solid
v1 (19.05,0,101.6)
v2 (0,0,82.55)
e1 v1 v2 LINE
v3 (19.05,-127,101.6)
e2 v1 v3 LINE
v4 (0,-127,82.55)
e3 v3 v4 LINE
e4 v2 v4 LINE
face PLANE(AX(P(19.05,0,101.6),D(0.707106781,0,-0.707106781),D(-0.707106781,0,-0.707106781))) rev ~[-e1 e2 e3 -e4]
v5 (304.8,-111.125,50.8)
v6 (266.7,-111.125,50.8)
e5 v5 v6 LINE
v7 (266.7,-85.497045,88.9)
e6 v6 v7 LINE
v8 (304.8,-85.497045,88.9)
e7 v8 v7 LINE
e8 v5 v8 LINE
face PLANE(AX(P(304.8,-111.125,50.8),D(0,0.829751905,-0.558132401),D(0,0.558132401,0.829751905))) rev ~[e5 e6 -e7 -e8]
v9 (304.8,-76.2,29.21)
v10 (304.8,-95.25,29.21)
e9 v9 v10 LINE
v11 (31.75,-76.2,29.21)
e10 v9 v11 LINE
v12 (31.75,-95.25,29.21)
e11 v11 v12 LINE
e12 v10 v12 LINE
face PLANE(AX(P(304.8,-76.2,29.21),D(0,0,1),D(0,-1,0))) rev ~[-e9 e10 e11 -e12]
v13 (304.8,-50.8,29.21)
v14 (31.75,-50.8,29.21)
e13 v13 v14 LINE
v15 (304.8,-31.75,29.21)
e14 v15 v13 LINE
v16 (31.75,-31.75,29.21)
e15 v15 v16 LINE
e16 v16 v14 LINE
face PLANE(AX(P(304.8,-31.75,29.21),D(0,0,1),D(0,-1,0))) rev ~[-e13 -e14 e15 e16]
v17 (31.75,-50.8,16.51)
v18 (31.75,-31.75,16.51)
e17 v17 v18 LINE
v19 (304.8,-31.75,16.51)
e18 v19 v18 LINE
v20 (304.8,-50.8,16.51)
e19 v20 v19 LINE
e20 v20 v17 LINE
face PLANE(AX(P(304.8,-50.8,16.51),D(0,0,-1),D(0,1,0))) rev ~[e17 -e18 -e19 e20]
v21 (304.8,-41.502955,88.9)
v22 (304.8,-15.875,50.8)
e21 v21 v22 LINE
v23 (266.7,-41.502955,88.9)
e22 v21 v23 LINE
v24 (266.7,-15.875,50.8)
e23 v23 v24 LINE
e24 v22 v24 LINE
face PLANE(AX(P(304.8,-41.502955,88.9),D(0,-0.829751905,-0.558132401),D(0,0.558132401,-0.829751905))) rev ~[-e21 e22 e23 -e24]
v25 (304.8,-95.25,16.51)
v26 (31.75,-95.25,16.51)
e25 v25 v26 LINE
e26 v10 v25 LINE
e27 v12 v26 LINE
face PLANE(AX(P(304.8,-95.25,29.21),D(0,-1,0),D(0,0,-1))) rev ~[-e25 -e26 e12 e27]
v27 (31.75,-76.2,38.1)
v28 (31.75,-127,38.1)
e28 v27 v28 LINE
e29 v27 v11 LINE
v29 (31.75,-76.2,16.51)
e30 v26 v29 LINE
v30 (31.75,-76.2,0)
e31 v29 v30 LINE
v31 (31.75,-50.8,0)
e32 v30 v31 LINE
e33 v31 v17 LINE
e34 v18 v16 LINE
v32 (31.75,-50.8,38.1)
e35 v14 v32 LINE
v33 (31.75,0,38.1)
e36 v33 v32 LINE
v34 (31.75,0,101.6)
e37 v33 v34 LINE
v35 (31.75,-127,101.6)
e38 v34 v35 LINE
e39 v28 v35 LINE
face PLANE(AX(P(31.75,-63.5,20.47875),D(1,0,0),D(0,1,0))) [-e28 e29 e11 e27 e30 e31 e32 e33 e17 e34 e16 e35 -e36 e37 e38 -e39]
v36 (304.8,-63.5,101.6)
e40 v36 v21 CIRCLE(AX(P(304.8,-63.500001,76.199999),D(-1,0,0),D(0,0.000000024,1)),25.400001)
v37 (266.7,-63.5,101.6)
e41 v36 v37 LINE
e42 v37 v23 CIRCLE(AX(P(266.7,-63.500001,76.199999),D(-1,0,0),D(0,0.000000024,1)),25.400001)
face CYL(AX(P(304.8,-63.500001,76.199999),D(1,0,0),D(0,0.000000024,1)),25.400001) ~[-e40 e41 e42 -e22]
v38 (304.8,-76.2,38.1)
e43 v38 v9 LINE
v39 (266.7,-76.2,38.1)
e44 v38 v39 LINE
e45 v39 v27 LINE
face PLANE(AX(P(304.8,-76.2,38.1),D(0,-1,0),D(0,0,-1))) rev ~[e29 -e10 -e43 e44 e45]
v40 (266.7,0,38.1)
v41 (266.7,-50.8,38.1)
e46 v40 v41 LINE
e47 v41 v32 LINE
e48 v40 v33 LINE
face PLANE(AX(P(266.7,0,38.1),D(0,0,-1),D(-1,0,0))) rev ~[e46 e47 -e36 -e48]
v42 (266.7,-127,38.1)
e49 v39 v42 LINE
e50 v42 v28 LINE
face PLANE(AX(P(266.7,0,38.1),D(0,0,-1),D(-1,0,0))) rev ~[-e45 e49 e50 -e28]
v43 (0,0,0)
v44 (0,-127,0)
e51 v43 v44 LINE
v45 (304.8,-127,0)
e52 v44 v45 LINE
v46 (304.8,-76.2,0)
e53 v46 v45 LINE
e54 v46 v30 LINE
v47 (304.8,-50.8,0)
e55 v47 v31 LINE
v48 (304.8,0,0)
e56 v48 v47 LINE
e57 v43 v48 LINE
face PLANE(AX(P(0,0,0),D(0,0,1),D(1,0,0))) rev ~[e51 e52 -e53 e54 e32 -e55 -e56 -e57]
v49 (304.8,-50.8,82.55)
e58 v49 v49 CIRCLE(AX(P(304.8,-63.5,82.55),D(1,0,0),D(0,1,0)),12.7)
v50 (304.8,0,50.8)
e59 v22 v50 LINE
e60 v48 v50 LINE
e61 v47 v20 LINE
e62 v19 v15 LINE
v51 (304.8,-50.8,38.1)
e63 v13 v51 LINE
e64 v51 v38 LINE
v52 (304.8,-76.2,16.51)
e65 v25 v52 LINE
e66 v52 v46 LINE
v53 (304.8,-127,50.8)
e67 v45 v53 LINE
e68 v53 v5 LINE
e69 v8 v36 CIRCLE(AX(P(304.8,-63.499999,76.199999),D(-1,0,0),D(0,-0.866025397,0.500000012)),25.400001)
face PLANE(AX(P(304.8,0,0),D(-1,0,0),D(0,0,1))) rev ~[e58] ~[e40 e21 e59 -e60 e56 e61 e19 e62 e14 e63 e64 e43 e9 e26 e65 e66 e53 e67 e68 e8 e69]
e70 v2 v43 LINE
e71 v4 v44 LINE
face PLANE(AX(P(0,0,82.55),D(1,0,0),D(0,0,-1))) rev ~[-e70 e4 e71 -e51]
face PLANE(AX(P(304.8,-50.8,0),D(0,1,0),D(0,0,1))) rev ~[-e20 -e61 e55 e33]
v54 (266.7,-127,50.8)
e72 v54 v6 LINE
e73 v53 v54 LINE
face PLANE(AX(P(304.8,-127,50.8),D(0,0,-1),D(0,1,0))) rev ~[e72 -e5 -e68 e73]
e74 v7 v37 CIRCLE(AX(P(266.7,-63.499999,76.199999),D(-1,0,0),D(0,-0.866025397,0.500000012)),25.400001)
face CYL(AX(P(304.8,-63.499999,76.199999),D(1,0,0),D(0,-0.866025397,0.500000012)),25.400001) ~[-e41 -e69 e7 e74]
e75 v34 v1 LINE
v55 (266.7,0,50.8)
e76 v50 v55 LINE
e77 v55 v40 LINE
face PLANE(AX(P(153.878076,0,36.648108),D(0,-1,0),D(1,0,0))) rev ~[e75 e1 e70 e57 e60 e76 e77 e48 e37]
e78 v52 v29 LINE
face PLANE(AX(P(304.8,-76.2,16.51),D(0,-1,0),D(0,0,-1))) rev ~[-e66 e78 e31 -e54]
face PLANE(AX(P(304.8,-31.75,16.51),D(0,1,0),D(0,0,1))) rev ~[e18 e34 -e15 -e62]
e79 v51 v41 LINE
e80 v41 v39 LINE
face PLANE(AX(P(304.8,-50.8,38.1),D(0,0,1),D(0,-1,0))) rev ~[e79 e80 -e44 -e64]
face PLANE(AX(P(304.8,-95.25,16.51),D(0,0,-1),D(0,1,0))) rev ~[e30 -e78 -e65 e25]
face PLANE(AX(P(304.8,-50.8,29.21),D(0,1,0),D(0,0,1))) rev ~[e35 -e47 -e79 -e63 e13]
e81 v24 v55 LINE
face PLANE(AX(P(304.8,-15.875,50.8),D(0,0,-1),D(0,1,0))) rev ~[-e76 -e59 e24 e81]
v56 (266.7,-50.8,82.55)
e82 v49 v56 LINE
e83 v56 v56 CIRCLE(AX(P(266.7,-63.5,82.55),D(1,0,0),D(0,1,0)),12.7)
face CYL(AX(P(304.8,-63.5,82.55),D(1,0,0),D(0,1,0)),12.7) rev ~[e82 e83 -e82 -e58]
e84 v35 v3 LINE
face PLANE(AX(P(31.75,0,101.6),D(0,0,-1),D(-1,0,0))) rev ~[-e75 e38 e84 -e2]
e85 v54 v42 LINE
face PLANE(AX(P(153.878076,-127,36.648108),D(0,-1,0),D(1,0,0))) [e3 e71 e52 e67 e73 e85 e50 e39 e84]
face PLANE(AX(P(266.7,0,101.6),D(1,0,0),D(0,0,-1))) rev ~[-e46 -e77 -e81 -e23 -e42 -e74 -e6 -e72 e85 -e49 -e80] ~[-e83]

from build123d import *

# Parameters (mm, degrees)
F1_DEPTH = 127
F3_DEPTH = 38.1
F5_DEPTH = 273.05
F6_R     = 12.7
F7_DEPTH = 38.1


with BuildPart() as f1:
    # F0 (on Front) → F1 (new body)
    with BuildSketch(Plane.XZ):
        Polygon((0, 82.55), (0, 0), (304.8, 0), (304.8, 101.6), (266.7, 101.6), (266.7, 38.1), (31.75, 38.1), (31.75, 101.6), (19.05, 101.6), align=None)
    extrude(amount=F1_DEPTH)

    # F2 (on face) → F3 (cut)
    with BuildSketch(Plane.YZ.offset(304.8)):
        with BuildLine():
            Line((-127, 101.6), (-127, 50.8))
            Line((-127, 50.8), (-111.125, 50.8))
            Line((-111.125, 50.8), (-85.497045, 88.9))
            ThreePointArc((-85.497045, 88.9), (-76.2, 98.197045), (-63.5, 101.6))
            Line((-63.5, 101.6), (-127, 101.6))
        make_face()
        with BuildLine():
            Line((0, 101.6), (-63.5, 101.6))
            ThreePointArc((-63.5, 101.6), (-50.8, 98.197045), (-41.502955, 88.9))
            Line((-41.502955, 88.9), (-15.875, 50.8))
            Line((-15.875, 50.8), (0, 50.8))
            Line((0, 50.8), (0, 101.6))
        make_face()
    extrude(amount=-F3_DEPTH, mode=Mode.SUBTRACT)

    # F4 (on face) → F5 (cut)
    with BuildSketch(Plane.YZ.offset(304.8)):
        Polygon((-76.2, 16.51), (-76.2, 0), (-50.8, 0), (-50.8, 16.51), (-31.75, 16.51), (-31.75, 29.21), (-50.8, 29.21), (-50.8, 38.1), (-76.2, 38.1), (-76.2, 29.21), (-95.25, 29.21), (-95.25, 16.51), align=None)
    extrude(amount=-F5_DEPTH, mode=Mode.SUBTRACT)

    # F6 (on face) → F7 (cut)
    with BuildSketch(Plane.YZ.offset(304.8)):
        with Locations((-63.5, 82.55)):
            Circle(F6_R)
    extrude(amount=-F7_DEPTH, mode=Mode.SUBTRACT)


solid = f1.part
